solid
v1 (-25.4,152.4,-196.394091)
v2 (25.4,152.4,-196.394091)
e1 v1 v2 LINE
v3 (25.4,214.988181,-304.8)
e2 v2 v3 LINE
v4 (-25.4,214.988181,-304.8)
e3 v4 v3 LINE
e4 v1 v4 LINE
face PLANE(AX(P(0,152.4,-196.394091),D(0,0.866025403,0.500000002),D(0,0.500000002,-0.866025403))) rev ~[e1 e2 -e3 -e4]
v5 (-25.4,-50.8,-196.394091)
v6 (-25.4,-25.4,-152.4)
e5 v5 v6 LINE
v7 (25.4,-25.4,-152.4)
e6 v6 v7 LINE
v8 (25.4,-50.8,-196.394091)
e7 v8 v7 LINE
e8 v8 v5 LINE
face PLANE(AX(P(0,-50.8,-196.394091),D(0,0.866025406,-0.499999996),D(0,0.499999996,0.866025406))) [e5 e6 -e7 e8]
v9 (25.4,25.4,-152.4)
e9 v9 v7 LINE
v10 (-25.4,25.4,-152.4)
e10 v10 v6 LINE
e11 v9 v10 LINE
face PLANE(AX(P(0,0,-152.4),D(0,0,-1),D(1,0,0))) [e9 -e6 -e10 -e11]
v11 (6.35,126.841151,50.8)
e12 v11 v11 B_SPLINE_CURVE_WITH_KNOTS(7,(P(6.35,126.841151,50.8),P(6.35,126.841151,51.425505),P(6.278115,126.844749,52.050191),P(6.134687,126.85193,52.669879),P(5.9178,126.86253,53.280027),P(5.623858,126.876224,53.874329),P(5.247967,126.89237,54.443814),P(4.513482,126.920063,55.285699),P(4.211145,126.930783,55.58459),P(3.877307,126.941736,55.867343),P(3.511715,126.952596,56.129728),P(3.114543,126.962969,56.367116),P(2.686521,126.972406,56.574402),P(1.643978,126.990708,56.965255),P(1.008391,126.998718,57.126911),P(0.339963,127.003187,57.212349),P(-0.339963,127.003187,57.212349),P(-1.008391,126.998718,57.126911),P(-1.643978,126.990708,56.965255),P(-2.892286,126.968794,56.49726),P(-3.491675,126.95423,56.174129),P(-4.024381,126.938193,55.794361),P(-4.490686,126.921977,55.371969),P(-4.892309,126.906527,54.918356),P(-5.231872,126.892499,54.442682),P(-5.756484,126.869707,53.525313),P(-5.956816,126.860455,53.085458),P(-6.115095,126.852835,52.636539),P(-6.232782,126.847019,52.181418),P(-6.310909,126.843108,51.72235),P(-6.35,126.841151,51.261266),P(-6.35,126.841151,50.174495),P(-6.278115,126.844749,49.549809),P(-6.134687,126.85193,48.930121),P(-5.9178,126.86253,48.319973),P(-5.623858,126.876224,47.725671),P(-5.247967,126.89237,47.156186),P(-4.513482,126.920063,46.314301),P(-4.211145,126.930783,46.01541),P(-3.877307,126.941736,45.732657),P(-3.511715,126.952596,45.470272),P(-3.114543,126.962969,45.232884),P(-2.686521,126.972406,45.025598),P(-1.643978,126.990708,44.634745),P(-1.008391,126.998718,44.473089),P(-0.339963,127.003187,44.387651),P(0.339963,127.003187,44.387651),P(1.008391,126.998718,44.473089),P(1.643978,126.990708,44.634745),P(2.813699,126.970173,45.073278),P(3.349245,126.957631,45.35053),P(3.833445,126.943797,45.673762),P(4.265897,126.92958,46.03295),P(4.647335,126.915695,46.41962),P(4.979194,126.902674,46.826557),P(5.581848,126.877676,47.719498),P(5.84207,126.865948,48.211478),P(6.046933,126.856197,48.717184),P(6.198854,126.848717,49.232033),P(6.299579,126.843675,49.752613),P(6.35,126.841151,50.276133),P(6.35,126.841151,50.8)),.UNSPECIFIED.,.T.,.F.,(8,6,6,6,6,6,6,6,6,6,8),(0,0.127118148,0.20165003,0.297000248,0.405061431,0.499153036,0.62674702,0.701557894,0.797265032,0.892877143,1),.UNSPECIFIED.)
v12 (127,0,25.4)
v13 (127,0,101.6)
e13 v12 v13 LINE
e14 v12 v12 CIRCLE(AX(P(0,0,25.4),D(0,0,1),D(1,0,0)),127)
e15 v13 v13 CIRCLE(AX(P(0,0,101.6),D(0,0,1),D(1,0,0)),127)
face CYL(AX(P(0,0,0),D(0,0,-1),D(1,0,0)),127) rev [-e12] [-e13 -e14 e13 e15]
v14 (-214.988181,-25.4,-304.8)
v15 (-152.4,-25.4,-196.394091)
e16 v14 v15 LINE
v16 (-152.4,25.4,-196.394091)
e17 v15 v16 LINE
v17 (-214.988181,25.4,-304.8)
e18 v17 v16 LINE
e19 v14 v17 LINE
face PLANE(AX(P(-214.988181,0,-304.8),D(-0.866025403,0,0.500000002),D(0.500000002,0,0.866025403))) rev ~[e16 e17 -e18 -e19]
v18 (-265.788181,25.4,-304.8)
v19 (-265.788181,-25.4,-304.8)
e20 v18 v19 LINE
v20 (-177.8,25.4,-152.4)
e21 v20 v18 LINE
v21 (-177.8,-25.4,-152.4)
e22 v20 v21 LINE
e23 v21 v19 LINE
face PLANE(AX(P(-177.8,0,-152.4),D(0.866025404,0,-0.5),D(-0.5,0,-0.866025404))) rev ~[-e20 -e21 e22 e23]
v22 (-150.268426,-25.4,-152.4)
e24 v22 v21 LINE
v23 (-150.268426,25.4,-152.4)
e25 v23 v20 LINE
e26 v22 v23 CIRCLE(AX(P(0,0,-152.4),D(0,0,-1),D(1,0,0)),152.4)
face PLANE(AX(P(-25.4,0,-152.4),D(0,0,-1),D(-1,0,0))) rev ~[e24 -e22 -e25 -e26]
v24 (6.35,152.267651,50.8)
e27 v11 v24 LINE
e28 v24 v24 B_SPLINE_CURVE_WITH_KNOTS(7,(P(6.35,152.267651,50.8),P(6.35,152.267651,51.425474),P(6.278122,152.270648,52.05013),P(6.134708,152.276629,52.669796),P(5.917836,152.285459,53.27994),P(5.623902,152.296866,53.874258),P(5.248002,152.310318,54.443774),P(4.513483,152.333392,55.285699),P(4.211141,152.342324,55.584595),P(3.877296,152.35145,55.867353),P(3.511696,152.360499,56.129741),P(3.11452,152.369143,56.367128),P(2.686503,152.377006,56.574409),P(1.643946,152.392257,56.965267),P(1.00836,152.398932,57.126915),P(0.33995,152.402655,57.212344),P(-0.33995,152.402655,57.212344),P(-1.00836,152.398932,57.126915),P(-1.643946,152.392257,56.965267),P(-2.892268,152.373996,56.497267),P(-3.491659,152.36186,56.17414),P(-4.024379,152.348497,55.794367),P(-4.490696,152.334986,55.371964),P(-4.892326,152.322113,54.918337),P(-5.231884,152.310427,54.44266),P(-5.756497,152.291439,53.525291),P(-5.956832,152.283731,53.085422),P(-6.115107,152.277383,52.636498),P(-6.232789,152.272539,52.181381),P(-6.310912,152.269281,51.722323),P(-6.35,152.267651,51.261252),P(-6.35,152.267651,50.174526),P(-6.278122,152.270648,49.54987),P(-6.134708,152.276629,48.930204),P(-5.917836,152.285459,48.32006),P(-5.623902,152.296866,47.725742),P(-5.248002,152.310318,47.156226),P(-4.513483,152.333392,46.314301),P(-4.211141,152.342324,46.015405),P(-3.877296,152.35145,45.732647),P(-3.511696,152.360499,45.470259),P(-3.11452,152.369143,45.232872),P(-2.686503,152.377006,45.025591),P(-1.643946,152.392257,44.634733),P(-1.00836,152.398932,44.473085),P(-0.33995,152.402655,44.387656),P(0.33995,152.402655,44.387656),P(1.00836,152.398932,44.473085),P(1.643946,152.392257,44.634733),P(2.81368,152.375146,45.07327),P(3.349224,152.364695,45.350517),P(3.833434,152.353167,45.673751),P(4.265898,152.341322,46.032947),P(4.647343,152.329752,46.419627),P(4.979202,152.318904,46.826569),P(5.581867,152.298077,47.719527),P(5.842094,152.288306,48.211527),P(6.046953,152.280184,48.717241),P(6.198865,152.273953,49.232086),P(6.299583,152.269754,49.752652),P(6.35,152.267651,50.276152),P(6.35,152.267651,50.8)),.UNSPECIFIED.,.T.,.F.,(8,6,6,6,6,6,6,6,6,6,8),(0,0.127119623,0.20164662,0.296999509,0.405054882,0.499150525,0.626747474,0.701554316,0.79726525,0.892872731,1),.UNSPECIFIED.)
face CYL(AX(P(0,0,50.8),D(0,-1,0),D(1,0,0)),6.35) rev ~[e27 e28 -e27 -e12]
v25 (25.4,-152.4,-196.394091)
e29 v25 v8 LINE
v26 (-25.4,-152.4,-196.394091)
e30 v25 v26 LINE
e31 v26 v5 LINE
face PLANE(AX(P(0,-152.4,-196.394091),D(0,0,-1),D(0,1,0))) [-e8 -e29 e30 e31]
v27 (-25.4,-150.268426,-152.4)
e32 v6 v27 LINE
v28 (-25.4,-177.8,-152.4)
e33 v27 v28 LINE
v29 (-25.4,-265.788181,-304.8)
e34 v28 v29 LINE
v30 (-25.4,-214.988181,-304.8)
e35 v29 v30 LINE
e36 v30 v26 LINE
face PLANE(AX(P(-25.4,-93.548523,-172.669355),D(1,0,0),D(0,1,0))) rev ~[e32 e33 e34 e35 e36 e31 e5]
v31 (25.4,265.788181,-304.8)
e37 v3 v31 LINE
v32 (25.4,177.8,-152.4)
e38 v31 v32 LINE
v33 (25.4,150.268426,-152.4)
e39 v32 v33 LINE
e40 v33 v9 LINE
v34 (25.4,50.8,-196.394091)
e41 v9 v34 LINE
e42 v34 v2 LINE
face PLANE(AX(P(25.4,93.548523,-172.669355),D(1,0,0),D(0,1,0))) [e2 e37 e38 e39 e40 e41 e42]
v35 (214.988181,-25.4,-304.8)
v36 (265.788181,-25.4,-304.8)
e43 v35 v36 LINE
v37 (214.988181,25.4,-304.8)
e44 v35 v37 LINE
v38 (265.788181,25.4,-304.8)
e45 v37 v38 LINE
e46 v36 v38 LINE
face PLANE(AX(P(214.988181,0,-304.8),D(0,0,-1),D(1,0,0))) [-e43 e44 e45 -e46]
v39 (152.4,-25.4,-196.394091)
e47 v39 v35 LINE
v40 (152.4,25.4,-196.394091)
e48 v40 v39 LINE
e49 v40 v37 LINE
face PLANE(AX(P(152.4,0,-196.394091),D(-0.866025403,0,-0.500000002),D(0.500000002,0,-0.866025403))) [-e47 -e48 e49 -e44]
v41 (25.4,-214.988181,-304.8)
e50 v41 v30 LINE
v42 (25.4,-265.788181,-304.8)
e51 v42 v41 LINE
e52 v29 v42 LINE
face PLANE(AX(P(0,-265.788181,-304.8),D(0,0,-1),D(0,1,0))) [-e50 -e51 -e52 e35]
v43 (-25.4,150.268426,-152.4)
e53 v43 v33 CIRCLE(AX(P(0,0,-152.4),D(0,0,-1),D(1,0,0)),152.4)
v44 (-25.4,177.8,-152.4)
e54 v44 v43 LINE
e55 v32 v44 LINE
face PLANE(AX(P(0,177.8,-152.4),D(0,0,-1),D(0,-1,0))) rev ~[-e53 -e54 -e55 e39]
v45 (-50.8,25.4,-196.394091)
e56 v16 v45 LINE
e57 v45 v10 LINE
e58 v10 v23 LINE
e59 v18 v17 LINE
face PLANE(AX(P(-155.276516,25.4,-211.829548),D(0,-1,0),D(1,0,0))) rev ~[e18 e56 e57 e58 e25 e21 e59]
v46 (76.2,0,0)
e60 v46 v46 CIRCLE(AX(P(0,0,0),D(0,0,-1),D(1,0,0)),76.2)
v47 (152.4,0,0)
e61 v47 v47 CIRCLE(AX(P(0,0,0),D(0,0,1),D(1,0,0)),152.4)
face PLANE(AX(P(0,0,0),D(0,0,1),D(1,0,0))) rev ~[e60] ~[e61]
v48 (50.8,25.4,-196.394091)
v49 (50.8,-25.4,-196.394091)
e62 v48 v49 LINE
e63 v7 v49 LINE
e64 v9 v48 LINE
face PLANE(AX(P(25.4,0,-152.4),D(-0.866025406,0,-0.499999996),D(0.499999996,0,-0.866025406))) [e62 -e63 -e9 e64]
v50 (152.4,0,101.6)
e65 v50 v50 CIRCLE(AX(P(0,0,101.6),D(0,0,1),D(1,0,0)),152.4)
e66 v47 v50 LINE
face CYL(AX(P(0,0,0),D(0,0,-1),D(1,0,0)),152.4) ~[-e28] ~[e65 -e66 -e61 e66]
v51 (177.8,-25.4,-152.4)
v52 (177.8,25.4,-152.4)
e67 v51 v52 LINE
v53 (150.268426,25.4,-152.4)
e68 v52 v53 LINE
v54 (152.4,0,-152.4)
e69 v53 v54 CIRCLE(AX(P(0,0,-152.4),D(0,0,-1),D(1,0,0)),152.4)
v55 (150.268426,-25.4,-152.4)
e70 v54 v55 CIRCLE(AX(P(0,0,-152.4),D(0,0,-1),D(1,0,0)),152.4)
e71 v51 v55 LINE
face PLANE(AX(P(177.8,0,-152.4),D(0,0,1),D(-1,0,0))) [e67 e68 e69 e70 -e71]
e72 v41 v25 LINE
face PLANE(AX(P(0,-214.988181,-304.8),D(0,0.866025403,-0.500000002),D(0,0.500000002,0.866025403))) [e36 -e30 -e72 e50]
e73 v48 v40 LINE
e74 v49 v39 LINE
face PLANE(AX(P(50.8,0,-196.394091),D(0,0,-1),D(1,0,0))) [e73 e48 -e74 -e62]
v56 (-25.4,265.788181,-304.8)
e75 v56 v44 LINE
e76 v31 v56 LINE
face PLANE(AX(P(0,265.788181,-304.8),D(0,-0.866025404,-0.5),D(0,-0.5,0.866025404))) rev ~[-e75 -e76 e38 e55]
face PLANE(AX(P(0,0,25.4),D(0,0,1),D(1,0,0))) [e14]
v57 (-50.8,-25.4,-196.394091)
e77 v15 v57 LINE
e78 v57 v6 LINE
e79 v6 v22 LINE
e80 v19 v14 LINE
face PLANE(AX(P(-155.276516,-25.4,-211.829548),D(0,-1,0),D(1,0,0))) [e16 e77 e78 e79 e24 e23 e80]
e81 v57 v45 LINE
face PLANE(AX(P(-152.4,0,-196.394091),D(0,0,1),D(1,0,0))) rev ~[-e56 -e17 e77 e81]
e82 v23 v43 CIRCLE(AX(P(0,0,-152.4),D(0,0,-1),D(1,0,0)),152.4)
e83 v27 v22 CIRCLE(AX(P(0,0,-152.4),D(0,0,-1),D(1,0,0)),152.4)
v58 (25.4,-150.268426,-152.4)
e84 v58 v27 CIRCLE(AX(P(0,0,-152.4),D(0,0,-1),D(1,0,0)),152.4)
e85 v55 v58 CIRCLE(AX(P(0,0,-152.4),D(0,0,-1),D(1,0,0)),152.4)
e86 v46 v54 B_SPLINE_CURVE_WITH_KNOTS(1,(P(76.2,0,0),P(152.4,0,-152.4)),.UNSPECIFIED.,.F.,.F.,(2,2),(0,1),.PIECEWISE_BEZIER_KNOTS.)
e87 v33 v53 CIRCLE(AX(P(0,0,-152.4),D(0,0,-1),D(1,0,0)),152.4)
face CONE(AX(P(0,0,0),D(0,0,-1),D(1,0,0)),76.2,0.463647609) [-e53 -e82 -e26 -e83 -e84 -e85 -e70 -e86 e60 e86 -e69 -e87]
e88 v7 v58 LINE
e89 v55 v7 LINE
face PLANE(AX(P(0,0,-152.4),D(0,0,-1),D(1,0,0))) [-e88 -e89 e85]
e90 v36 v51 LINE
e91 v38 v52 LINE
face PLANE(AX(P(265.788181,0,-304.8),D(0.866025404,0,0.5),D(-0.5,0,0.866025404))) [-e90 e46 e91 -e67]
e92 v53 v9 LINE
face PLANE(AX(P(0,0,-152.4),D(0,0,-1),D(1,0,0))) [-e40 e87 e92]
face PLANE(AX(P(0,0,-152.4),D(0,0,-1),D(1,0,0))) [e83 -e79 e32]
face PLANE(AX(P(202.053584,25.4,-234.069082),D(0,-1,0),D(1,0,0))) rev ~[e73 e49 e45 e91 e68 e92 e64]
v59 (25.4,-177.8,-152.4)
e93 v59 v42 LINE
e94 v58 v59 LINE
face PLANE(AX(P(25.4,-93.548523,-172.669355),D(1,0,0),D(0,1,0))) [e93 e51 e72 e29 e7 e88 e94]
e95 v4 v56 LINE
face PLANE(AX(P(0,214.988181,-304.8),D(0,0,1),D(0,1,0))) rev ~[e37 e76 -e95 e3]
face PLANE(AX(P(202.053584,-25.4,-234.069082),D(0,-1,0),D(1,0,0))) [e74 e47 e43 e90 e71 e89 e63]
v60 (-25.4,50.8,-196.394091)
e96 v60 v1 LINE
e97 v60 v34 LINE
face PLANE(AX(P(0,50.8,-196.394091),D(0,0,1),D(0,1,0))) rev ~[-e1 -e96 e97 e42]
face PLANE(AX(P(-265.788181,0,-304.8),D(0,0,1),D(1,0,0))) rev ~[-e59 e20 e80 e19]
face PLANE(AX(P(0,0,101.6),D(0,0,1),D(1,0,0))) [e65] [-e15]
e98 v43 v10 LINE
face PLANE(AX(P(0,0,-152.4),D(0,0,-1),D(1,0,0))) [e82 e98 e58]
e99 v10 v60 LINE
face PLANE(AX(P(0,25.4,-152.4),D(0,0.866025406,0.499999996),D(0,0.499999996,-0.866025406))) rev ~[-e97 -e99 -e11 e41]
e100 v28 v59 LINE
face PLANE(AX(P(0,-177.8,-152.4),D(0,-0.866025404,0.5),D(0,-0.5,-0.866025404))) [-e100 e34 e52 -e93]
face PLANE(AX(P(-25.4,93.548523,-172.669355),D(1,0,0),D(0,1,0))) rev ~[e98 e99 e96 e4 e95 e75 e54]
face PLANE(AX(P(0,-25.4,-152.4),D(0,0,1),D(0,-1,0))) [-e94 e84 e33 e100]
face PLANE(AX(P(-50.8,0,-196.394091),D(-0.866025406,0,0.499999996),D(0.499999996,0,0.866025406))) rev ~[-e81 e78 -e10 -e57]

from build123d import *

# Parameters (mm, degrees)
F0_R      = 127
F1_DEPTH  = 25.4
F0_R_2    = 152.4
F2_DEPTH  = 101.6
F3_R      = 6.35
F4_DEPTH  = 152.401
F5_R      = 76.2
F7_R      = 152.4
F10_DEPTH = 25.4
F12_DEPTH = 25.4


with BuildPart() as f1:
    # F0 (on Top) → F1 (new body)
    with BuildSketch(Plane.XY):
        Circle(F0_R)
    extrude(amount=F1_DEPTH)

    # F0 (on Top) → F2 (join)
    with BuildSketch(Plane.XY):
        Circle(F0_R_2)
        Circle(F0_R, mode=Mode.SUBTRACT)
    extrude(amount=F2_DEPTH)

    # F3 (on Front) → F4 (cut, through all)
    with BuildSketch(Plane.XZ):
        with Locations((0, 50.8)):
            Circle(F3_R)
    extrude(amount=-F4_DEPTH, mode=Mode.SUBTRACT)

    # F5 (on face) → F8 section 0
    with BuildSketch(Plane(origin=(0, 0, 0), x_dir=(1, 0, 0), z_dir=(0, 0, -1))):
        Circle(F5_R)
    # F7 (on offset) → F8 section 1
    with BuildSketch(Plane(origin=(0, 0, -152.4), x_dir=(1, 0, 0), z_dir=(0, 0, -1))):
        Circle(F7_R)
    loft()

    # F9 (on Front) → F10 (join, symmetric)
    with BuildSketch(Plane.XZ):
        Polygon((-50.8, -196.394091), (-25.4, -152.4), (-152.4, -152.4), (-177.8, -152.4), (-265.788181, -304.8), (-214.988181, -304.8), (-152.4, -196.394091), align=None)
        Polygon((177.8, -152.4), (152.4, -152.4), (152.4, -196.394091), (214.988181, -304.8), (265.788181, -304.8), align=None)
        Polygon((152.4, -152.4), (25.4, -152.4), (50.8, -196.394091), (152.4, -196.394091), align=None)
    extrude(amount=F10_DEPTH, both=True)

    # F11 (on Right) → F12 (join, symmetric)
    with BuildSketch(Plane.YZ):
        Polygon((152.4, -152.4), (25.4, -152.4), (50.8, -196.394091), (152.4, -196.394091), align=None)
        Polygon((-50.8, -196.394091), (-25.4, -152.4), (-152.4, -152.4), (-152.4, -196.394091), align=None)
        Polygon((177.8, -152.4), (152.4, -152.4), (152.4, -196.394091), (214.988181, -304.8), (265.788181, -304.8), align=None)
        Polygon((-152.4, -196.394091), (-152.4, -152.4), (-177.8, -152.4), (-265.788181, -304.8), (-214.988181, -304.8), align=None)
    extrude(amount=F12_DEPTH, both=True)


solid = f1.part
